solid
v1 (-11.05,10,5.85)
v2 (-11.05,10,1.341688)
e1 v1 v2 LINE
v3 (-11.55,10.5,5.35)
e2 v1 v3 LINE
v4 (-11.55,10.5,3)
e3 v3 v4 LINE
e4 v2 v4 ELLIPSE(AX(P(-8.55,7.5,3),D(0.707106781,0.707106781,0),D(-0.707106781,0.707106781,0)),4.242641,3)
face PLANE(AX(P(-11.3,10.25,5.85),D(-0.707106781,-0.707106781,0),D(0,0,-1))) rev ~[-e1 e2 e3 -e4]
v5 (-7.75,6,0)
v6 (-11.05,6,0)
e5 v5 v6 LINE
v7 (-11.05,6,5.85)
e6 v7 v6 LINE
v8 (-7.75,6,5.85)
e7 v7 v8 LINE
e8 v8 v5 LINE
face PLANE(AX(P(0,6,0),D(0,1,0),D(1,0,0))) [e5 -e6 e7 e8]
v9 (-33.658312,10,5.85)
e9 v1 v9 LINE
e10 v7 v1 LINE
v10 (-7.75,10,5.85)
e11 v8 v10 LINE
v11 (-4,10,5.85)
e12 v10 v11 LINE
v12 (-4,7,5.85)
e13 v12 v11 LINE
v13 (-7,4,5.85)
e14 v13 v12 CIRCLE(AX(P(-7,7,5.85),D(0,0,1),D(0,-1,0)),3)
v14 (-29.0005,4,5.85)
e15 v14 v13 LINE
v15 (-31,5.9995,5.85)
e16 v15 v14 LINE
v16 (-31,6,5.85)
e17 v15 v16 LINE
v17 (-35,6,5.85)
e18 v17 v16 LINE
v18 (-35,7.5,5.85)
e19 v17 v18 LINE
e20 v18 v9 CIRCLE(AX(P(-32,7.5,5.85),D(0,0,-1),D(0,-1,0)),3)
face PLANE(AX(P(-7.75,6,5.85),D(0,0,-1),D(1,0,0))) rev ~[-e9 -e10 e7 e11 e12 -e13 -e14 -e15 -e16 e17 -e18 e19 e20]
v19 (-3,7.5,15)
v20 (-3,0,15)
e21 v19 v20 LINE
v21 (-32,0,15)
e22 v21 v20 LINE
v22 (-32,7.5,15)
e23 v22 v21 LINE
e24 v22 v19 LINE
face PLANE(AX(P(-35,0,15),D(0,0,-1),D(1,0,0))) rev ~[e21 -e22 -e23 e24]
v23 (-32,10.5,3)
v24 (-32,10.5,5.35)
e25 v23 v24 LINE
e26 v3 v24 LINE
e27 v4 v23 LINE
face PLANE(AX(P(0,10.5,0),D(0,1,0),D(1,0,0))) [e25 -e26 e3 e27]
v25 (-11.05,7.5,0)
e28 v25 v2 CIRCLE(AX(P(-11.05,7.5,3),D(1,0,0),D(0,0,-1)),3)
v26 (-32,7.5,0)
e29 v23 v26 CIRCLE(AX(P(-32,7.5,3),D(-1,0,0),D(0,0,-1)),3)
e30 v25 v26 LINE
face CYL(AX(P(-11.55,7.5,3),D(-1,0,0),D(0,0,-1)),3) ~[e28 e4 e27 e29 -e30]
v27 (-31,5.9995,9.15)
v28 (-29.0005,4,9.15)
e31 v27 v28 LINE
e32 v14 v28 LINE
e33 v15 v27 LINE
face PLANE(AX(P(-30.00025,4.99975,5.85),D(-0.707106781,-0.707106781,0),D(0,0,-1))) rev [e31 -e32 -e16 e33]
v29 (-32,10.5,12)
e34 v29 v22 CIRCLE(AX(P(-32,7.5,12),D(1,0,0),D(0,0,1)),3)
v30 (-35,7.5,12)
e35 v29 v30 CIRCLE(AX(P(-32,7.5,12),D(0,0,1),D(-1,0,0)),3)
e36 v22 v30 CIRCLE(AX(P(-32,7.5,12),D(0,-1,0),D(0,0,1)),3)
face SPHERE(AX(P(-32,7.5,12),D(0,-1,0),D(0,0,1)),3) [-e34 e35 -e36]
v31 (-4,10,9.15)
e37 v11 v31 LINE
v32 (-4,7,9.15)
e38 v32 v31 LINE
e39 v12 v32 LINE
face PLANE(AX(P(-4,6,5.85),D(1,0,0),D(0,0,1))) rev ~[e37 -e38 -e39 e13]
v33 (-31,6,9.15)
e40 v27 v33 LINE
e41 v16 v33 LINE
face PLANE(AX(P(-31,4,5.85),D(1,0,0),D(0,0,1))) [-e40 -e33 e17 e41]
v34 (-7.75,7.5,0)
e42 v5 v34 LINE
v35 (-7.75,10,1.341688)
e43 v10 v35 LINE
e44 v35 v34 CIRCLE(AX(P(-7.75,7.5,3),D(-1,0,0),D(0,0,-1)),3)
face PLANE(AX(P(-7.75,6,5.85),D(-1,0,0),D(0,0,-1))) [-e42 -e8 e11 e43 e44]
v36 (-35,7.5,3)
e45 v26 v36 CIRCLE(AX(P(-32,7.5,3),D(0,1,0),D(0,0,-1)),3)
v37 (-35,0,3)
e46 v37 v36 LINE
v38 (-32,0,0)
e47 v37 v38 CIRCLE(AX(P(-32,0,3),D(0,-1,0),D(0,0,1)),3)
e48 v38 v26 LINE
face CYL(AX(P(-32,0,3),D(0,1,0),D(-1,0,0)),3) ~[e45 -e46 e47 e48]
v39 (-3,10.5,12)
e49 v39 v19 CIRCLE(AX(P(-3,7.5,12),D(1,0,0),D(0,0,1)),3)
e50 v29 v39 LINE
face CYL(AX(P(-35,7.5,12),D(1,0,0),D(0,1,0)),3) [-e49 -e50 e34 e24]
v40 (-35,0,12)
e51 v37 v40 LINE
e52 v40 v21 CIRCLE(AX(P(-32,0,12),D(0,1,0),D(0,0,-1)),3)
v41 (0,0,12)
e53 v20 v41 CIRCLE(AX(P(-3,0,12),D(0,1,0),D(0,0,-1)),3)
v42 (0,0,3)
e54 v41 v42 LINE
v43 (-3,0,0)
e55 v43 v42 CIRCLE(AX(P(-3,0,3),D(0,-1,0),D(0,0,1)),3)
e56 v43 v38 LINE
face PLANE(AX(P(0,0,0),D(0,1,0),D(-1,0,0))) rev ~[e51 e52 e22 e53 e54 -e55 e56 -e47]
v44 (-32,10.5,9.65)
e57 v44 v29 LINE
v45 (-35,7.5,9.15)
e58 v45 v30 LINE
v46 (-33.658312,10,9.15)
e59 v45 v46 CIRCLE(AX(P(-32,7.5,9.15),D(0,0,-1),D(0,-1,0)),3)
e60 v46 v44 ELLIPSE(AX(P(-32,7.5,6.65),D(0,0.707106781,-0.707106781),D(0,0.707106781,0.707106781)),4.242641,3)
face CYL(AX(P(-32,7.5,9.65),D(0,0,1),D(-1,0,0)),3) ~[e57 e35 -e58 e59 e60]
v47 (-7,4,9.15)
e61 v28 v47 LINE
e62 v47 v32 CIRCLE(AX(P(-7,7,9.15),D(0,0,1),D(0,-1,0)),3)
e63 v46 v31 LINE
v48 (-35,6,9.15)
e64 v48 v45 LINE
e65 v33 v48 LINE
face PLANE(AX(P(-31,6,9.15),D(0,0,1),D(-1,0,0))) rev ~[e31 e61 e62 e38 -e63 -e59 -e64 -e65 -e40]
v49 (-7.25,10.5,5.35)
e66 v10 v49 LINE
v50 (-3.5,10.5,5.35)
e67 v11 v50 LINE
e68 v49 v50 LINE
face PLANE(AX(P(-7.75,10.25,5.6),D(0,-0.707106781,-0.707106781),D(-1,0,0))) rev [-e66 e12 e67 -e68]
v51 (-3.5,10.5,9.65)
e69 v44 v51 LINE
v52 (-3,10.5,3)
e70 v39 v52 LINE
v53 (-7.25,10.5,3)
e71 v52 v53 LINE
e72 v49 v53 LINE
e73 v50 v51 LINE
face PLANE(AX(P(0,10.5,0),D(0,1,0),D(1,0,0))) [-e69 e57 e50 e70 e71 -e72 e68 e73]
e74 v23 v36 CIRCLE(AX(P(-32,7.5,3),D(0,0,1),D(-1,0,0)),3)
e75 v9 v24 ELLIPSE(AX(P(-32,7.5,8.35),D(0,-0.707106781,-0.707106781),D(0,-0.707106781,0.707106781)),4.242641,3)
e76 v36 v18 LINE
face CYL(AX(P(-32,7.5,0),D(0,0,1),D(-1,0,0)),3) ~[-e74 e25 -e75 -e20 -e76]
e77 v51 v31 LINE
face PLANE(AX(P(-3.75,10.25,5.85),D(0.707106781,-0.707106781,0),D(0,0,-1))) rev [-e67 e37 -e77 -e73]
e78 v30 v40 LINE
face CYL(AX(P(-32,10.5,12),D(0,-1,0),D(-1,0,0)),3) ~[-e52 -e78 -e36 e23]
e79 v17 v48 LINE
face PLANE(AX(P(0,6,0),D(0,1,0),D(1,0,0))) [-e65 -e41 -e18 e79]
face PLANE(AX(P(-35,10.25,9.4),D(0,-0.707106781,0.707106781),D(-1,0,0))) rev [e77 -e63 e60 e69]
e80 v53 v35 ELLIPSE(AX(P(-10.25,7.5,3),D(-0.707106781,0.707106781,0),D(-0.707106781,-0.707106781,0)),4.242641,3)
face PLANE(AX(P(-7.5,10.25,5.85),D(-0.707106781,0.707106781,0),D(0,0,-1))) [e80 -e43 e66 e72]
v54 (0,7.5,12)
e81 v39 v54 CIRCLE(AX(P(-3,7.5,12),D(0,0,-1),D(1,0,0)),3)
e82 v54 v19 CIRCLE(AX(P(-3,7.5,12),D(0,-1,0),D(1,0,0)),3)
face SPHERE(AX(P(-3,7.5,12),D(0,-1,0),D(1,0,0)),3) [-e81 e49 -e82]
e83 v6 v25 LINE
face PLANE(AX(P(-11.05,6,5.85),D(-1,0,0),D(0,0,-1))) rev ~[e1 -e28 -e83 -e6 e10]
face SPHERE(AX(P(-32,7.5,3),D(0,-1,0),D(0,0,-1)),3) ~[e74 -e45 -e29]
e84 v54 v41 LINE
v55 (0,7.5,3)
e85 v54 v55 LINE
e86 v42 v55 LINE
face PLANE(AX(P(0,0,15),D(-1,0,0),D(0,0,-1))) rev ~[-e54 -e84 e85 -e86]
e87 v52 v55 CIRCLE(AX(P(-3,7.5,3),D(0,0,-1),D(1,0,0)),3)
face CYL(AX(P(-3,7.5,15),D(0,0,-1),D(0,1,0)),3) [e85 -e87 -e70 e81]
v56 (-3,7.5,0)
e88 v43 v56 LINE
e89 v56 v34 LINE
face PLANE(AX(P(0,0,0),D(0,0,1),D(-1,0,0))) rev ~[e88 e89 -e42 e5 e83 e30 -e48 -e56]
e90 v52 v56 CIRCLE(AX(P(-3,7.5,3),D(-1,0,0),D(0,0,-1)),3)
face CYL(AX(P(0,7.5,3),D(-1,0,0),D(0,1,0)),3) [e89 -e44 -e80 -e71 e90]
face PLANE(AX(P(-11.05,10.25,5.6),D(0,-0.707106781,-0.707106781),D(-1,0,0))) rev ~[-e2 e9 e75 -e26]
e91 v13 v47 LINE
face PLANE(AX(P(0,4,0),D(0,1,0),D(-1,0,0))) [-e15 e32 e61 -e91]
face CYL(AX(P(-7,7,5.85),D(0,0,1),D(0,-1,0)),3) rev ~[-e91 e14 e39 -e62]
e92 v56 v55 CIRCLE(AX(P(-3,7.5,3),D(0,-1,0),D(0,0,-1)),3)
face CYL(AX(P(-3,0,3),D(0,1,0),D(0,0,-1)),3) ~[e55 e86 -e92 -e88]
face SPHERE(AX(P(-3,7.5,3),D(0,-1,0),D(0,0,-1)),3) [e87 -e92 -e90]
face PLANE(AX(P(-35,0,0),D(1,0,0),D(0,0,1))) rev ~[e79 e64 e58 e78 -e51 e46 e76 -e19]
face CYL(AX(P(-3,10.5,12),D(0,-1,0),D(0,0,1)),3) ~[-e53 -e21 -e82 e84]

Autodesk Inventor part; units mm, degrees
ref_plane "YZ Plane" through (0, 0, 0) normal (1, 0, 0) x (0, 1, 0)
ref_plane "XZ Plane" through (0, 0, 0) normal (0, 1, 0) x (-1, 0, 0)
ref_plane "XY Plane" through (0, 0, 0) normal (0, 0, 1) x (1, 0, 0)
sketch "Sketch1" plane through (0, 0, 0) normal (0, 1, 0) x (-1, 0, 0)
  line L0 (0, 0) -> (35, 0)
  line L1 (35, 0) -> (35, 15)
  line L2 (35, 15) -> (0, 15)
  line L3 (0, 15) -> (0, 0)
  dimension "d0" = 35
  dimension "d1" = 15
extrude "Extrusion1" add sketch "Sketch1" along normal blind 4
sketch "Sketch2" plane through (0, 4, 0) normal (0, 1, 0) x (1, 0, 0)
  line L0 (0, 0) -> (-35, 0) projected
  line L1 (-35, 0) -> (-35, -15) projected
  line L2 (-35, -15) -> (0, -15) projected
  line L3 (0, -15) -> (0, 0) projected
  line L4 (-35, -5.85) -> (-31, -5.85)
  line L5 (-35, -9.15) -> (0, -9.15)
  line L6 (-17.5, -15) -> (-17.5, -9.15) construction
  line L7 (-17.5, -5.85) -> (-17.5, 0) construction
  line L8 (-31, -5.85) -> (-31, -9.15)
  line L9 (-4, -5.85) -> (-4, -9.15)
  line L10 (-4, -5.85) -> (0, -5.85)
  line L11 (-31, -5.85) -> (-4, -5.85)
  dimension "d4" = 3.3
  dimension "d7" = 27
extrude "Extrusion2" add sketch "Sketch2" along normal blind 2 contours L3 L10 L11 L4 L1 L0 | L3 L5 L9 L10 | L4 L8 L5 L1 | L3 L2 L1 L5
sketch "Sketch3" plane through (0, 6, 0) normal (0, 1, 0) x (1, 0, 0)
  line L0 (0, -15) -> (0, 0) projected
  line L1 (0, 0) -> (-35, 0) projected
  line L2 (-35, 0) -> (-35, -15) projected
  line L3 (-35, -15) -> (0, -15) projected
  line L4 (-4, -9.15) -> (-31, -9.15) projected
  line L5 (-31, -9.15) -> (-31, -5.85) projected
  line L6 (-31, -5.85) -> (-4, -5.85) projected
  line L7 (-4, -5.85) -> (-4, -9.15) projected
  line L8 (-31, -5.85) -> (-35, -5.85)
  line L9 (-31, -9.15) -> (-35, -9.15)
  line L10 (-7.75, -5.85) -> (-7.75, 0)
  line L11 (-11.05, -5.85) -> (-11.05, 0)
  line L12 (-11.05, -2.925) -> (-7.75, -2.925) construction
  dimension "d16" = 3.75
extrude "Extrusion3" add sketch "Sketch3" along normal blind 4.5 contours L3 L2 L9 L4 L7 L6 L10 L1 L0 | L11 L6 L8 L2 L1
chamfer "Chamfer3" distance 2 angle 45 1 edges at (-31, 4, 7.5)
fillet "Fillet3" radius 3 1 edges at (-4, 4, 7.5)
chamfer "Chamfer2" distance 0.5 angle 45 6 edges at (-19.5, 10.5, 9.15) (-23.025, 10.5, 5.85) (-5.875, 10.5, 5.85) (-4, 10.5, 7.5) (-7.75, 10.5, 2.925) (-11.05, 10.5, 2.925)
fillet "Fillet2" radius 3 10 edges at (0, 5.25, 15) (0, 5.25, 0) (-35, 5.25, 15) (-35, 5.25, 0) (-3.625, 10.5, 0) (0, 10.5, 7.5) (-17.5, 10.5, 15) (-23.275, 10.5, 0) (-35, 10.5, 2.675) (-35, 10.5, 12.325)
properties part number "Apoyo frontal"
